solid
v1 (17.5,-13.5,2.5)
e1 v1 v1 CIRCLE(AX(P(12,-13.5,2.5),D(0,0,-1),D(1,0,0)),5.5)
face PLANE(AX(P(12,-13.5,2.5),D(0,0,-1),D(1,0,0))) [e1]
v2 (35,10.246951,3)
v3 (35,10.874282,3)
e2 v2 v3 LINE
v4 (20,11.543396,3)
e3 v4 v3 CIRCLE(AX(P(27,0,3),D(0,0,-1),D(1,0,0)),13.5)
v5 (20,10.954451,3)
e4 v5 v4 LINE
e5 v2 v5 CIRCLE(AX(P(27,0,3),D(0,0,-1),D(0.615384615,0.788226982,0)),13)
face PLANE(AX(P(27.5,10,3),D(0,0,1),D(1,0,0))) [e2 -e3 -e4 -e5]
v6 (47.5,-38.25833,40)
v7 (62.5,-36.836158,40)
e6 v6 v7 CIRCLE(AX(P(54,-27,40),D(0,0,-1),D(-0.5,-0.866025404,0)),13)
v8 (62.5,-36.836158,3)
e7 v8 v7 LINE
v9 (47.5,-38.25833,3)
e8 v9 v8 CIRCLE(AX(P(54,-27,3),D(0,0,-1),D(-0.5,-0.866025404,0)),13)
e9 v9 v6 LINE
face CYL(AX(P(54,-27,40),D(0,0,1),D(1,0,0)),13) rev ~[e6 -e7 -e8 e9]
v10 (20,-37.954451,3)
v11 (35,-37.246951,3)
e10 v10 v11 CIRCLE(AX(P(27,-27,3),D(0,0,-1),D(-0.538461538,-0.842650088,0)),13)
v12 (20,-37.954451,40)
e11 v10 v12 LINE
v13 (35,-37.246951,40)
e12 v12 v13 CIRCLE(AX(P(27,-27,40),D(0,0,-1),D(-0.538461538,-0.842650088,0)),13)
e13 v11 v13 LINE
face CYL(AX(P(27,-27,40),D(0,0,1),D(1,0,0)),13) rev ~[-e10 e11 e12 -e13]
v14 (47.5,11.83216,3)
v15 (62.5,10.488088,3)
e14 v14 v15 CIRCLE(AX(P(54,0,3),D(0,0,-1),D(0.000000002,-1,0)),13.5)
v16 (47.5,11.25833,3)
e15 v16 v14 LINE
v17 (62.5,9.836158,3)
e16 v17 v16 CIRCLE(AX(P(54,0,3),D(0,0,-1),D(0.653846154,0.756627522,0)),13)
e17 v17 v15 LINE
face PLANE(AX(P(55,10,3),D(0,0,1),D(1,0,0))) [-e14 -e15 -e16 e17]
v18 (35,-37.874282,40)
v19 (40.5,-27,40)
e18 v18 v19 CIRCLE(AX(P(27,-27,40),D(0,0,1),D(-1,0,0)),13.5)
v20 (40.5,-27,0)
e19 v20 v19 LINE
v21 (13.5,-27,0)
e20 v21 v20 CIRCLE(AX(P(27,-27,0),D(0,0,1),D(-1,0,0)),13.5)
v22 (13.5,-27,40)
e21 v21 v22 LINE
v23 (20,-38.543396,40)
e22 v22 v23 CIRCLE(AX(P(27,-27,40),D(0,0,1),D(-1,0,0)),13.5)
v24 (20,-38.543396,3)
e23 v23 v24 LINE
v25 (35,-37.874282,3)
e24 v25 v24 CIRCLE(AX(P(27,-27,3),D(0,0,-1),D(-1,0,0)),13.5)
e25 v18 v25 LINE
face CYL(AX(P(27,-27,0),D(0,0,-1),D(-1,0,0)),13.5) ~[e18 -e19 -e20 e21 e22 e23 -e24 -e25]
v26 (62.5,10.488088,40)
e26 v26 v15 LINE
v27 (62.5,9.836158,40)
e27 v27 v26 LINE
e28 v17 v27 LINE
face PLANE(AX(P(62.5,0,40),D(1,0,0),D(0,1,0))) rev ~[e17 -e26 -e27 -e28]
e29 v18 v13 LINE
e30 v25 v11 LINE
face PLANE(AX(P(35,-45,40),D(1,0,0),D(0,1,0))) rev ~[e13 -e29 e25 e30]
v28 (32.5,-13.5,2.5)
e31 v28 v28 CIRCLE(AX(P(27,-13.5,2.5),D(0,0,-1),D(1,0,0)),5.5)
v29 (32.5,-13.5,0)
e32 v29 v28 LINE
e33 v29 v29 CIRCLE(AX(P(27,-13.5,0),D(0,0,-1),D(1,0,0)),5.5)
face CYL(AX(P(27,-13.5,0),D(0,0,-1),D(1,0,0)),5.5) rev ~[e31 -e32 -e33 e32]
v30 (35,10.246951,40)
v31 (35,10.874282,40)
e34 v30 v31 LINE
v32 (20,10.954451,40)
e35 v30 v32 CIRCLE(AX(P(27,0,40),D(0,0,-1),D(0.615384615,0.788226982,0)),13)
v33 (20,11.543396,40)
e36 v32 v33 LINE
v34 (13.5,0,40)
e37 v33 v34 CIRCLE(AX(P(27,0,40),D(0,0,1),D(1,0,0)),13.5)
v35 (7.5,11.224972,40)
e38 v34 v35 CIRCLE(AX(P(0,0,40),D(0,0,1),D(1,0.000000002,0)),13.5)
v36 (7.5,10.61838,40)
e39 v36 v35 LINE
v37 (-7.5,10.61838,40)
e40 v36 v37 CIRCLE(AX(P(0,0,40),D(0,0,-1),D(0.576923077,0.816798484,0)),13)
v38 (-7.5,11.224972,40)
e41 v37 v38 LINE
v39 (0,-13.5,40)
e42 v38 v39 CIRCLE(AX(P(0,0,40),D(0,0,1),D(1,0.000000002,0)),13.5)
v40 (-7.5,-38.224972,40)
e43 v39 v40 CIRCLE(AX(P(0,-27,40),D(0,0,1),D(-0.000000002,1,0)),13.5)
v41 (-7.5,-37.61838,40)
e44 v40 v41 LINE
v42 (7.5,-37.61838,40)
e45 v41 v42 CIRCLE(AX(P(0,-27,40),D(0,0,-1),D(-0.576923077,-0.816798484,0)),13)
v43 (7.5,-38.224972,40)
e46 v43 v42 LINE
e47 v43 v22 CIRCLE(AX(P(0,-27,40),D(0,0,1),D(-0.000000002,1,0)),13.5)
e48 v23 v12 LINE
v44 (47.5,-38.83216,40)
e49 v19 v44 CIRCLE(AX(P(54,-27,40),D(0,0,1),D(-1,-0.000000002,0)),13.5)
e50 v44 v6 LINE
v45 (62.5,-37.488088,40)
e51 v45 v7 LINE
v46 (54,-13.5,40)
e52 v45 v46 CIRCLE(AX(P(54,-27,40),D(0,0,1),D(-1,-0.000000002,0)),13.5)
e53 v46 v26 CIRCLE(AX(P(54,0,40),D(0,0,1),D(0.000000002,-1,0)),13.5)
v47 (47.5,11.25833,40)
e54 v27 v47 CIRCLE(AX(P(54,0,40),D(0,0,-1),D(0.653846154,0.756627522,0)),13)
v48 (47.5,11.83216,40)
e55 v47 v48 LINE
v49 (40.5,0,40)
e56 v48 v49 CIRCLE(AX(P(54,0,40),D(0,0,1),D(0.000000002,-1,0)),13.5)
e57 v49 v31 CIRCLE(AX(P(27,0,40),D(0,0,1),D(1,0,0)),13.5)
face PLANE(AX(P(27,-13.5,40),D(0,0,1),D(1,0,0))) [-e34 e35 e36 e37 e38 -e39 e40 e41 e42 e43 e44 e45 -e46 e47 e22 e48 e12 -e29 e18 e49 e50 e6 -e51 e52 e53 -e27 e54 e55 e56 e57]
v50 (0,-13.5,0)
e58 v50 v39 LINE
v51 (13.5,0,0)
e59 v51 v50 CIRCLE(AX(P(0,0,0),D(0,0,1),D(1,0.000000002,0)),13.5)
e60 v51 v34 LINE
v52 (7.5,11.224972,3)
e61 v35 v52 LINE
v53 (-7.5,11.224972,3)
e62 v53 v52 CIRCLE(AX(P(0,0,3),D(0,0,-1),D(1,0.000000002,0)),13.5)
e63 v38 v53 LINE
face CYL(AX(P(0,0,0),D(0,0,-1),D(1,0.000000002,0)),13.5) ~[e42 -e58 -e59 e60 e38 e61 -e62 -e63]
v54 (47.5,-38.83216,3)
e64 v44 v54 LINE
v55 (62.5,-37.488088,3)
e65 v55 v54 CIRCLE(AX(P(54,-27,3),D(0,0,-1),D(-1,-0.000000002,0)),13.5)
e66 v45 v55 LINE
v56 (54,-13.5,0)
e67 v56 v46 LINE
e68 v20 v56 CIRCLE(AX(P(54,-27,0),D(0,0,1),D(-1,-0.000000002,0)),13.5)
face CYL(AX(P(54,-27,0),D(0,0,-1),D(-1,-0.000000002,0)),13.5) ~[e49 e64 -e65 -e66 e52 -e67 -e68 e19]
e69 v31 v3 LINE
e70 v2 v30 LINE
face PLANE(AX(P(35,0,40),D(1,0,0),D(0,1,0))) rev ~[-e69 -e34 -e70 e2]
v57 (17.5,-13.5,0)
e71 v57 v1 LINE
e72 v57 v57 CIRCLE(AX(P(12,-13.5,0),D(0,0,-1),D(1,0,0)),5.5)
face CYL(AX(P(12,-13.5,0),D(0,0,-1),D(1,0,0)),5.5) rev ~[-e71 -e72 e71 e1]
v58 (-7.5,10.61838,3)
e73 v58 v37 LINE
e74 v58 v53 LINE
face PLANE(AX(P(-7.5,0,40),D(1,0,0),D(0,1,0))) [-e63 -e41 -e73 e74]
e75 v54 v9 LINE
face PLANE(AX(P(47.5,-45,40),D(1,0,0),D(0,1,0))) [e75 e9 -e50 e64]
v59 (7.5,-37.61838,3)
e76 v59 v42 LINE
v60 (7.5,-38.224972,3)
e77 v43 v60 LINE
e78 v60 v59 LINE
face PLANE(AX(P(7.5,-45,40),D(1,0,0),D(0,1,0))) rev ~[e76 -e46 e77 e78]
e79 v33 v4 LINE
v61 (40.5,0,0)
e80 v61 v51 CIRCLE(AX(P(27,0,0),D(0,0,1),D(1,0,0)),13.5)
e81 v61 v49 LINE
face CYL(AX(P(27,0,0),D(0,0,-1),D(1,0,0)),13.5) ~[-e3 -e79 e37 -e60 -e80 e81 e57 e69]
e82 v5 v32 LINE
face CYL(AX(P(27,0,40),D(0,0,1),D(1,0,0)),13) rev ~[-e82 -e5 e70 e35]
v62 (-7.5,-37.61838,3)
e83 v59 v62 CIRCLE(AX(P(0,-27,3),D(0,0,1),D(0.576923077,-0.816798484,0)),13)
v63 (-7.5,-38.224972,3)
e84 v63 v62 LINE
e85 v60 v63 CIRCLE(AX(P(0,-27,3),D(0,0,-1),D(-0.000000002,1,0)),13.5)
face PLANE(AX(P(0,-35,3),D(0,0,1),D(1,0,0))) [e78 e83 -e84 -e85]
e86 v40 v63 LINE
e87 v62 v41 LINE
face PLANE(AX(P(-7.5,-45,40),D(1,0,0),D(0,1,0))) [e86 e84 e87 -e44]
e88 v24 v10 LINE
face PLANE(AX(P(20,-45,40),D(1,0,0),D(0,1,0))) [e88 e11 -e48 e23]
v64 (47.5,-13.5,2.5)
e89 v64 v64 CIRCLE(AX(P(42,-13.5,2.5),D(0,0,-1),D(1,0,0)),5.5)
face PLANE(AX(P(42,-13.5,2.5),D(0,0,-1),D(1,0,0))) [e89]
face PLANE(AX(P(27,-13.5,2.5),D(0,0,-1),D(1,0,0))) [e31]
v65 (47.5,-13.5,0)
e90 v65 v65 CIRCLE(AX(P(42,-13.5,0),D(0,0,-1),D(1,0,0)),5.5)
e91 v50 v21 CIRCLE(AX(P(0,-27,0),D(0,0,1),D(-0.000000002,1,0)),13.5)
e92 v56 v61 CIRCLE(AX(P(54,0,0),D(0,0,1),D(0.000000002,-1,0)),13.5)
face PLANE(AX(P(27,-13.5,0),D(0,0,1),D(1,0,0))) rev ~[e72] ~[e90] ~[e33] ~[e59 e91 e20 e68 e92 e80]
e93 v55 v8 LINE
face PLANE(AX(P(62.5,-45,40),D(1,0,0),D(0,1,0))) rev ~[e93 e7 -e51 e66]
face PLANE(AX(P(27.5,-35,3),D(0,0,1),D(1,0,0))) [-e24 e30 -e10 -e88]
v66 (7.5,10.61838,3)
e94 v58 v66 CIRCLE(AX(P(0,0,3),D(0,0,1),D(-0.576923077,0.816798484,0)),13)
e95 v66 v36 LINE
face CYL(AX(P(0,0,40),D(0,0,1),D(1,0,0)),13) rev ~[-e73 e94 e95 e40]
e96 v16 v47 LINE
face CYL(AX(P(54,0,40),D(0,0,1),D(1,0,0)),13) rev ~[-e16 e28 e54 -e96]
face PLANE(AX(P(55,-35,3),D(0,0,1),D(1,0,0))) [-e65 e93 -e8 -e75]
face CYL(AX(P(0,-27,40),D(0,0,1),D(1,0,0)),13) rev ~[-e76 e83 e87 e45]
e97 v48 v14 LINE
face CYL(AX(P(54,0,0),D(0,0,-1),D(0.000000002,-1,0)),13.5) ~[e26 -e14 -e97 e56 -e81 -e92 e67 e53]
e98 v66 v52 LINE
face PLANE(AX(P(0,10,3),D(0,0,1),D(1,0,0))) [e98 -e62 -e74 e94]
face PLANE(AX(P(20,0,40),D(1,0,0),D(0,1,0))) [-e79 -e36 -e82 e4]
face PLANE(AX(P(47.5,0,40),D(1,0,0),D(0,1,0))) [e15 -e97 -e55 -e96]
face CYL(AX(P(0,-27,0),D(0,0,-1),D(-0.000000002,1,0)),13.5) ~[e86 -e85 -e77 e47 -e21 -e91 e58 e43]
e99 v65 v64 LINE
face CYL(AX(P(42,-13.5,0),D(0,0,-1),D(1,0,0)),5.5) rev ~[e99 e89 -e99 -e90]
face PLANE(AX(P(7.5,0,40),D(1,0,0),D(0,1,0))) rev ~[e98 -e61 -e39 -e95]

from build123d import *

# Parameters (mm, degrees)
PAD_DEPTH       = 40
SKETCH001_R     = 13
POCKET_DEPTH    = 37
SKETCH002_W     = 15
SKETCH002_H     = 20
POCKET001_DEPTH = 37
SKETCH003_R     = 5.5
POCKET002_DEPTH = 2.5


with BuildPart() as part:
    # Sketch → Pad (new body)
    with BuildSketch(Plane.XY):
        with BuildLine():
            ThreePointArc((13.5, 0), (-9.545941, 9.545942), (0, -13.5))
            ThreePointArc((0, -13.5), (-9.545941, -36.545942), (13.5, -27))
            ThreePointArc((13.5, -27), (27, -40.5), (40.5, -27))
            ThreePointArc((40.5, -27), (63.545941, -36.545942), (54, -13.5))
            ThreePointArc((54, -13.5), (63.545941, 9.545942), (40.5, 0))
            ThreePointArc((40.5, 0), (27, 13.5), (13.5, 0))
        make_face()
    extrude(amount=PAD_DEPTH)

    # Sketch001 (on Face8 of Pad) → Pocket (cut)
    with BuildSketch(Plane.XY.offset(40)):
        Circle(SKETCH001_R)
        with Locations((0, -27)):
            Circle(SKETCH001_R)
        with Locations((27, 0)):
            Circle(SKETCH001_R)
        with Locations((27, -27)):
            Circle(SKETCH001_R)
        with Locations((54, 0)):
            Circle(SKETCH001_R)
        with Locations((54, -27)):
            Circle(SKETCH001_R)
    extrude(amount=-POCKET_DEPTH, mode=Mode.SUBTRACT)

    # Sketch002 (on Face5 of Pocket) → Pocket001 (cut)
    with BuildSketch(Plane.XY.offset(40)):
        with Locations((0, 10)):
            Rectangle(SKETCH002_W, SKETCH002_H)
        with Locations((0, -35)):
            Rectangle(SKETCH002_W, SKETCH002_H)
        with Locations((27.5, 10)):
            Rectangle(SKETCH002_W, SKETCH002_H)
        with Locations((55, 10)):
            Rectangle(SKETCH002_W, SKETCH002_H)
        with Locations((27.5, -35)):
            Rectangle(SKETCH002_W, SKETCH002_H)
        with Locations((55, -35)):
            Rectangle(SKETCH002_W, SKETCH002_H)
    extrude(amount=-POCKET001_DEPTH, mode=Mode.SUBTRACT)

    # Sketch003 (on Face2 of Pocket001) → Pocket002 (cut)
    with BuildSketch(Plane(origin=(0, 0, 0), x_dir=(1, 0, 0), z_dir=(0, 0, -1))):
        with Locations((12, 13.5)):
            Circle(SKETCH003_R)
        with Locations((27, 13.5)):
            Circle(SKETCH003_R)
        with Locations((42, 13.5)):
            Circle(SKETCH003_R)
    extrude(amount=-POCKET002_DEPTH, mode=Mode.SUBTRACT)


solid = part.part
